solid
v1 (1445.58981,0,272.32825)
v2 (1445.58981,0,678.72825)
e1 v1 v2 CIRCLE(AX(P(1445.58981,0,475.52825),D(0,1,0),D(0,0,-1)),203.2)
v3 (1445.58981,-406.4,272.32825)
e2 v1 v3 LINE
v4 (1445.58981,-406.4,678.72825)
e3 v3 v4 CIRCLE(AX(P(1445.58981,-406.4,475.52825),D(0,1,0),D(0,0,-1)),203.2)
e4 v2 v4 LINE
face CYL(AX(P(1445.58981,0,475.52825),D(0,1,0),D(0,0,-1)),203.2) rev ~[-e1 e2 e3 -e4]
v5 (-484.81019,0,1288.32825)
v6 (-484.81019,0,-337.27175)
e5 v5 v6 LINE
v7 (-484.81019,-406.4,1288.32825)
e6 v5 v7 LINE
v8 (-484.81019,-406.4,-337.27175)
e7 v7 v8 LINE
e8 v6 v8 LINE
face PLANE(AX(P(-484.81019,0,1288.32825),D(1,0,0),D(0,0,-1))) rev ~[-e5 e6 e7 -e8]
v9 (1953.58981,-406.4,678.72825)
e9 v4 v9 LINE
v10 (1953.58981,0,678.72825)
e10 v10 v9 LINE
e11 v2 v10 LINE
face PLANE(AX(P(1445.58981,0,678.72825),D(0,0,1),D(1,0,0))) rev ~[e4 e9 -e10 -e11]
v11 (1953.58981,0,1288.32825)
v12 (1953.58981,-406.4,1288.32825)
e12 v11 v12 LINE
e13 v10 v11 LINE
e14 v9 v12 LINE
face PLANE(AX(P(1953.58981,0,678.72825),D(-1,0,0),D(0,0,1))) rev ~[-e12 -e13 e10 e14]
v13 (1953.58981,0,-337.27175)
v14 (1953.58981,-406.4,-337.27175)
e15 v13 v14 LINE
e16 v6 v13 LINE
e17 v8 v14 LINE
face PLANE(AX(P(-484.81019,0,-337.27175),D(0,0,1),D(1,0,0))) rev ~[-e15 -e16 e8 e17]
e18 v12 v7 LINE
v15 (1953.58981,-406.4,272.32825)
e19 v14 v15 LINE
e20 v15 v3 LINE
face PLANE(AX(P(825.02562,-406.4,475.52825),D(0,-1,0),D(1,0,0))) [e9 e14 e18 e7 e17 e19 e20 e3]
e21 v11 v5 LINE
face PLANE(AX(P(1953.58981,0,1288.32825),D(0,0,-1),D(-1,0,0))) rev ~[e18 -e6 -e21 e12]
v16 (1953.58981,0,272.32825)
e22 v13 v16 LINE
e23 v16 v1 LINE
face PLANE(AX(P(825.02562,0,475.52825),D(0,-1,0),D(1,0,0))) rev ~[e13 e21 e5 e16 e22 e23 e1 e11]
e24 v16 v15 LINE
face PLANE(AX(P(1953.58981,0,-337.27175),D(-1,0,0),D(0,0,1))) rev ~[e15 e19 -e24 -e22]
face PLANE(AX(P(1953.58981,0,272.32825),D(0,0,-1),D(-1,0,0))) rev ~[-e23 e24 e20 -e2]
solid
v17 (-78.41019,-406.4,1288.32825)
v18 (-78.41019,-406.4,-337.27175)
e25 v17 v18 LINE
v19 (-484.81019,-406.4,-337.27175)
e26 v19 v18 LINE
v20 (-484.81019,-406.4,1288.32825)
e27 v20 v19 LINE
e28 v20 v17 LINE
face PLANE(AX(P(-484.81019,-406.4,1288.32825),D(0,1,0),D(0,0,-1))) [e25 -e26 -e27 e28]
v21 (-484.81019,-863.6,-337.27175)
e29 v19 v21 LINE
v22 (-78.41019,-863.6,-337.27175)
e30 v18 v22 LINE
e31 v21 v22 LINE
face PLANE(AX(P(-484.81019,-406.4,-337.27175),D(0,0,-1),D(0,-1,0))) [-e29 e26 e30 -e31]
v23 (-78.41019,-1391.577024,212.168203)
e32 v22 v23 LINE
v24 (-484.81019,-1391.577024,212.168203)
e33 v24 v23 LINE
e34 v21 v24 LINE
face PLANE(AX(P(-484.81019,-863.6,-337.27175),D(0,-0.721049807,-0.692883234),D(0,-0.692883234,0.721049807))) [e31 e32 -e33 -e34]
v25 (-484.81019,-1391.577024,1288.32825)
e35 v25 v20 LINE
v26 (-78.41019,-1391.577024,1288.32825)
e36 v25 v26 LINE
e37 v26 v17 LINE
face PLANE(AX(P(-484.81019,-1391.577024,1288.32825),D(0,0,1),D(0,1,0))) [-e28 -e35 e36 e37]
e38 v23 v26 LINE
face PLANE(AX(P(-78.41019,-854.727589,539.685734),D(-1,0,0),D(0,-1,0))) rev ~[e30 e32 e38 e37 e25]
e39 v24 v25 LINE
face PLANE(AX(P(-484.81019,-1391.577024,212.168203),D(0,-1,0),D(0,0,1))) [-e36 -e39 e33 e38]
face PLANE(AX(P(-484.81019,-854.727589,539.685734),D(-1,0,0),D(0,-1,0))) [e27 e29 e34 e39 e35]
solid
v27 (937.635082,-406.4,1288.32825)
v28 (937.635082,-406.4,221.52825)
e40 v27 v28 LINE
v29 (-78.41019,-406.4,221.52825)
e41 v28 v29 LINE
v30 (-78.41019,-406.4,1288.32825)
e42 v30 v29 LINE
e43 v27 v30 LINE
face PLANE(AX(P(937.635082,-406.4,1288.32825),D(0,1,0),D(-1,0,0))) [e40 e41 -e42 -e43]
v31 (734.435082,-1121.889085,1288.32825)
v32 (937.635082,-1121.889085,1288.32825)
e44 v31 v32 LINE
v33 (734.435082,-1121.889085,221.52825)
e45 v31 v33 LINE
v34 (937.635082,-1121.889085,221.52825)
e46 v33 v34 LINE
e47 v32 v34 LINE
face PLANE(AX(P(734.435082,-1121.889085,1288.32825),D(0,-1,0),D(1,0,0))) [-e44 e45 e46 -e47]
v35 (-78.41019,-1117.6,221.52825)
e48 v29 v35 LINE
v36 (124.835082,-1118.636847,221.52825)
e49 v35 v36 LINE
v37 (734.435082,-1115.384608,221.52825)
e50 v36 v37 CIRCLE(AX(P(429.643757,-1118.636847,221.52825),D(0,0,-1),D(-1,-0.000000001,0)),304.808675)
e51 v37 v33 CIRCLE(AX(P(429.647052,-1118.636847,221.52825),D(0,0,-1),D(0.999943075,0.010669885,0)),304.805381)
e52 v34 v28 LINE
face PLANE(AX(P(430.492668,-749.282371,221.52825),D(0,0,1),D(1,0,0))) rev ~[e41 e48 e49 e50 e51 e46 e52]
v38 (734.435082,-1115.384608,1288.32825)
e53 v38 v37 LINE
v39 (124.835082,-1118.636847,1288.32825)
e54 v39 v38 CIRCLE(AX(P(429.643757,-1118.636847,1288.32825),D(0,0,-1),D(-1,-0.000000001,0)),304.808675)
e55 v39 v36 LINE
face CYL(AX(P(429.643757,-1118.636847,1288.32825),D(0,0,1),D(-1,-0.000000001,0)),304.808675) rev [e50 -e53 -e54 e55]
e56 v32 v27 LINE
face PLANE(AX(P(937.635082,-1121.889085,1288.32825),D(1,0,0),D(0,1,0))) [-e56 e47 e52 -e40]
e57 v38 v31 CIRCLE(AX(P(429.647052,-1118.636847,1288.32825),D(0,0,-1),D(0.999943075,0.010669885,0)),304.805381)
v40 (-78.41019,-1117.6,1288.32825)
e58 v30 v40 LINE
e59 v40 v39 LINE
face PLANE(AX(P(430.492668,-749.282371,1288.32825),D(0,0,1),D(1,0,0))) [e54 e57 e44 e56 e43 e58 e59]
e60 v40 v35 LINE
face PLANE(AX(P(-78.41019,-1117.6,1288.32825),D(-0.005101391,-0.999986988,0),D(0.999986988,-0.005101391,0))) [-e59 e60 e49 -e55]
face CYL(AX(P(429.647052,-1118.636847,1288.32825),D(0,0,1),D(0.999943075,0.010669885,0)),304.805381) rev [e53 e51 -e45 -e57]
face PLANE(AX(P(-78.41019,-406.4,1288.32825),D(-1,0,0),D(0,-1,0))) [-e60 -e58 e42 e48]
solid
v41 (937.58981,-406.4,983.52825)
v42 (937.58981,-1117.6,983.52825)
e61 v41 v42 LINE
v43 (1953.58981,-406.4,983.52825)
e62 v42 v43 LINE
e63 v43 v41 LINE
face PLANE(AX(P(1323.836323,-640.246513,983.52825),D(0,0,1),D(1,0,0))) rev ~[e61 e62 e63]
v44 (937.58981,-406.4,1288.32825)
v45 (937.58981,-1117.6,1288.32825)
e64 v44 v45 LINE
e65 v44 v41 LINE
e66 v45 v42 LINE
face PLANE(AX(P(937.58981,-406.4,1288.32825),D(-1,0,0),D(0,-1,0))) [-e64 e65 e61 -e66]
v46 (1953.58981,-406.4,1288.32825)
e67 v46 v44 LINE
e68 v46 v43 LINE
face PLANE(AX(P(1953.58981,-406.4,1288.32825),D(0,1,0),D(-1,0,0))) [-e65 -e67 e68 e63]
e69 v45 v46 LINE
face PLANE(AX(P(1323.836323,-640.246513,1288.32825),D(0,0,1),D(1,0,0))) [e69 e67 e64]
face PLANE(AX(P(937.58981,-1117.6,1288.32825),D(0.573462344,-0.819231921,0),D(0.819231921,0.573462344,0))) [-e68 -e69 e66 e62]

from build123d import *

# Parameters (mm, degrees)
F1_DEPTH = 406.4
F3_DEPTH = 304.8
F5_DEPTH = 1066.8
F7_DEPTH = 406.4


with BuildPart() as f1:
    # F0 (on Front) → F1 (new body)
    with BuildSketch(Plane.XZ):
        with BuildLine():
            Line((-484.81019, 1288.32825), (-484.81019, -337.27175))
            Line((-484.81019, -337.27175), (1953.58981, -337.27175))
            Line((1953.58981, -337.27175), (1953.58981, 272.32825))
            Line((1953.58981, 272.32825), (1445.58981, 272.32825))
            ThreePointArc((1445.58981, 272.32825), (1242.38981, 475.52825), (1445.58981, 678.72825))
            Line((1445.58981, 678.72825), (1953.58981, 678.72825))
            Line((1953.58981, 678.72825), (1953.58981, 1288.32825))
            Line((1953.58981, 1288.32825), (-484.81019, 1288.32825))
        make_face()
    extrude(amount=F1_DEPTH)


with BuildPart() as f3:
    # F2 (on face) → F3 (new body)
    with BuildSketch(Plane.XY.offset(1288.32825)):
        Polygon((1953.58981, -406.4), (937.58981, -406.4), (937.58981, -1117.6), align=None)
    extrude(amount=-F3_DEPTH)


with BuildPart() as f5:
    # F4 (on face) → F5 (new body)
    with BuildSketch(Plane.XY.offset(1288.32825)):
        with BuildLine():
            Line((937.635082, -406.4), (-78.41019, -406.4))
            Line((-78.41019, -406.4), (-78.41019, -1003.772673))
            Line((-78.41019, -1003.772673), (-78.41019, -1117.6))
            Line((-78.41019, -1117.6), (124.835082, -1118.636847))
            ThreePointArc((124.835082, -1118.636847), (428.017615, -813.832509), (734.435082, -1115.384608))
            ThreePointArc((734.435082, -1115.384608), (734.452433, -1118.636847), (734.435082, -1121.889085))
            Line((734.435082, -1121.889085), (937.635082, -1121.889085))
            Line((937.635082, -1121.889085), (937.635082, -406.4))
        make_face()
    extrude(amount=-F5_DEPTH)


with BuildPart() as f7:
    # F6 (on face) → F7 (new body)
    with BuildSketch(Plane(origin=(-484.81019, 0, 0), x_dir=(0, -1, 0), z_dir=(-1, 0, 0))):
        Polygon((406.4, 1288.32825), (406.4, -337.27175), (863.6, -337.27175), (1391.577024, 212.168203), (1391.577024, 1288.32825), align=None)
    extrude(amount=-F7_DEPTH)


solid = Compound([f1.part, f3.part, f5.part, f7.part])
